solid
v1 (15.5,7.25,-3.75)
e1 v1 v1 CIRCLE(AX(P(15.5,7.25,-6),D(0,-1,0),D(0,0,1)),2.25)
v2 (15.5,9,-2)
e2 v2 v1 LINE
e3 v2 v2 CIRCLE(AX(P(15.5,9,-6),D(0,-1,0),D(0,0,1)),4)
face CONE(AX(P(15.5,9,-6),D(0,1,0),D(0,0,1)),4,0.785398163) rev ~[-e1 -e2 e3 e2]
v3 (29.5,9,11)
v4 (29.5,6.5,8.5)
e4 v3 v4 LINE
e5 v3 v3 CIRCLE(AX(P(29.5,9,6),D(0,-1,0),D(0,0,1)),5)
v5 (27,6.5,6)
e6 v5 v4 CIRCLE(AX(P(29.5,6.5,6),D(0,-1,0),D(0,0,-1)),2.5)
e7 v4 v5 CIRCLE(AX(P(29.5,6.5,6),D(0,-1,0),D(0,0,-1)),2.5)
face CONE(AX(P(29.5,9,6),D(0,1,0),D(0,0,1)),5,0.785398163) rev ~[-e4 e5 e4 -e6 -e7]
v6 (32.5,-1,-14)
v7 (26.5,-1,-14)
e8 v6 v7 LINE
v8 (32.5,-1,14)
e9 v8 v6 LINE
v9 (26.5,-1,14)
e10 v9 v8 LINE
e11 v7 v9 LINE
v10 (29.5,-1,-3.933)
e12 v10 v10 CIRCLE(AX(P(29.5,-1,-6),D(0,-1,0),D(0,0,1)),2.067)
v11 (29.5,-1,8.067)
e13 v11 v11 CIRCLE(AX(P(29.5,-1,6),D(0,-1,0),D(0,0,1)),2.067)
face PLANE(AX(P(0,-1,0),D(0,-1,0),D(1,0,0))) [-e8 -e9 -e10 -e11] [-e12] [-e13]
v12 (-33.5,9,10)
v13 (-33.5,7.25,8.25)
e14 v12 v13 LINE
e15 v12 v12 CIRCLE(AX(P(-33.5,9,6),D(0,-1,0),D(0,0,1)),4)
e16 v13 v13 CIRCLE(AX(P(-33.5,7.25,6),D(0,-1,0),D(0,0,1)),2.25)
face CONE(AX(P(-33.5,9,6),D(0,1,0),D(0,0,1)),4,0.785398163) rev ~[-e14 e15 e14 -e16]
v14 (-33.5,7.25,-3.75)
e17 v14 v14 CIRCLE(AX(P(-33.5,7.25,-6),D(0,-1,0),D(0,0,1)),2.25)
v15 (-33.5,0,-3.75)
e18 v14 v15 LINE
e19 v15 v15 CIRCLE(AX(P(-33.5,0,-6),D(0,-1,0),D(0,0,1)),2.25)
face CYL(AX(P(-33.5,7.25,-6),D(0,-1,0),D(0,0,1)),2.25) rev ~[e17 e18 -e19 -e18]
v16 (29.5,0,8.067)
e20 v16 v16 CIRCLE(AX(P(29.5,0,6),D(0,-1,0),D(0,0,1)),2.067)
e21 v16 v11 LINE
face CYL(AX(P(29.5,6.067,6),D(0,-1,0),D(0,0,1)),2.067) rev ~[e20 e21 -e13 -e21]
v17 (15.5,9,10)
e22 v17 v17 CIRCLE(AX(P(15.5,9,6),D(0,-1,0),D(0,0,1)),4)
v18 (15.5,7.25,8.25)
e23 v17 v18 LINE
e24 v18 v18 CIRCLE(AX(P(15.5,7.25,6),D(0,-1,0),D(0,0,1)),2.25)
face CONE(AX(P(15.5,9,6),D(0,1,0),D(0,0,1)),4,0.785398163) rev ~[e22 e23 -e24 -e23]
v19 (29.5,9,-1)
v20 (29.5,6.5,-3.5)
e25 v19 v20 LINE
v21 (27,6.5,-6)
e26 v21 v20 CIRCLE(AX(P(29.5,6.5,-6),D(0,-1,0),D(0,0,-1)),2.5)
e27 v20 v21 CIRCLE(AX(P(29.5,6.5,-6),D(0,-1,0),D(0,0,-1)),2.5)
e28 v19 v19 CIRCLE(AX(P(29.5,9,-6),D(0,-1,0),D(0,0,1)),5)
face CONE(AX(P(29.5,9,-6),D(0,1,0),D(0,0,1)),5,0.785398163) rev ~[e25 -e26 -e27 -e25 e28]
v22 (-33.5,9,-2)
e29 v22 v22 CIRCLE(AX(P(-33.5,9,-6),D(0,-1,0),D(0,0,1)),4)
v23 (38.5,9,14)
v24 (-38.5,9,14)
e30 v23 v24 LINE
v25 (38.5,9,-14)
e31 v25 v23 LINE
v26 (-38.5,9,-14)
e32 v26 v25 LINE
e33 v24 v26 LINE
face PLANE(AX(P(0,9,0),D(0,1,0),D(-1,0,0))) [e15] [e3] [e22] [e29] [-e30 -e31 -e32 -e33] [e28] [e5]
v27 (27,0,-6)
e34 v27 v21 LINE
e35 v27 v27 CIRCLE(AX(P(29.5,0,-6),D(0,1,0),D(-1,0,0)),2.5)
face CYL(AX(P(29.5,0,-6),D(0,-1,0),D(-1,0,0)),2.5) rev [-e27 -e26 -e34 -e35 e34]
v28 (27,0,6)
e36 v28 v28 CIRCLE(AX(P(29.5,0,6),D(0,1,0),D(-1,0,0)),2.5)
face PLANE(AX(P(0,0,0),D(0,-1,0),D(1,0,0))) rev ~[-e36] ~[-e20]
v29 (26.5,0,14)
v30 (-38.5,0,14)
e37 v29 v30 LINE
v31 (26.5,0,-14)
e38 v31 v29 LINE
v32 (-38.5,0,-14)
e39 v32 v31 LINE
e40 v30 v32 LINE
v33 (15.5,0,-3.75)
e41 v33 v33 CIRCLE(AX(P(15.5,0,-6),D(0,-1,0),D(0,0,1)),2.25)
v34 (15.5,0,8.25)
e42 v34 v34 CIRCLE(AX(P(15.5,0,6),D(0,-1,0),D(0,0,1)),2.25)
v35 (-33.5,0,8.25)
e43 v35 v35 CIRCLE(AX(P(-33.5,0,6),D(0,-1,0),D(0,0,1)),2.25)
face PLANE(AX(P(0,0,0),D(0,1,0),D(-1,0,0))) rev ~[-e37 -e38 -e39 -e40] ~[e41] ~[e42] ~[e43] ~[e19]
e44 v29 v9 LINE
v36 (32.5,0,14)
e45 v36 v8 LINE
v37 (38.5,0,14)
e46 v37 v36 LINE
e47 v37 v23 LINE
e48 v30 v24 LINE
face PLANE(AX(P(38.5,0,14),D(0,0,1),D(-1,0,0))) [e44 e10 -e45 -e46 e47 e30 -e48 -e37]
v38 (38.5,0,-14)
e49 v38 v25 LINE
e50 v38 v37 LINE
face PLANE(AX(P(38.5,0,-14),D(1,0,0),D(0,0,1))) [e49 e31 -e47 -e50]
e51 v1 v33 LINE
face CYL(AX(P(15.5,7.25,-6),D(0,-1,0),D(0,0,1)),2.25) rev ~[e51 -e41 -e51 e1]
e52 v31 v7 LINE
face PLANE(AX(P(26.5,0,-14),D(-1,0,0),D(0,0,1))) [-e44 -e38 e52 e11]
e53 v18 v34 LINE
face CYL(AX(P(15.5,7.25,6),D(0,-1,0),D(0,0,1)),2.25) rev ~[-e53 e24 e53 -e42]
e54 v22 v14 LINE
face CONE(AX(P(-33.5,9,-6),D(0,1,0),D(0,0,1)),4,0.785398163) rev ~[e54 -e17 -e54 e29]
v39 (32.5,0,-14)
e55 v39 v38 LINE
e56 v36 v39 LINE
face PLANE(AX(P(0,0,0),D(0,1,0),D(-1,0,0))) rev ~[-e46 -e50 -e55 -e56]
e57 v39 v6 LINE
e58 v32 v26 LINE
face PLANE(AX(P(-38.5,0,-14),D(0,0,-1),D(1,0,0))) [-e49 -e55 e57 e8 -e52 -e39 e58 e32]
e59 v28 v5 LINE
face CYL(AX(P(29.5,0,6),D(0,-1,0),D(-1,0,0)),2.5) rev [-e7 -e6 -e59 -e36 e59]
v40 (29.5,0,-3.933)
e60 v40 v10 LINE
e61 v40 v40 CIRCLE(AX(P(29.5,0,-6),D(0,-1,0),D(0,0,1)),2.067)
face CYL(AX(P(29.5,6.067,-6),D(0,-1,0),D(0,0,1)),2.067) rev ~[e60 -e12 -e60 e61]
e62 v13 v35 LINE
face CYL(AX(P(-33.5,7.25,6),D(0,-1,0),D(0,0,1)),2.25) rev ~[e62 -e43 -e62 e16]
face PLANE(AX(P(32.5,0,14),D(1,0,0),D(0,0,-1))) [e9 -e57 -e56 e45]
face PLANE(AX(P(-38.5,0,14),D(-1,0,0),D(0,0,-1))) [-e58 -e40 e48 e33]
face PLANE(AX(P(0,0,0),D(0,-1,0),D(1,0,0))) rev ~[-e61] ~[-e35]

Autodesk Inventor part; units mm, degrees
ref_plane "YZ Plane" through (0, 0, 0) normal (1, 0, 0) x (0, 1, 0)
ref_plane "XZ Plane" through (0, 0, 0) normal (0, 1, 0) x (-1, 0, 0)
ref_plane "XY Plane" through (0, 0, 0) normal (0, 0, 1) x (1, 0, 0)
sketch "Boceto1" plane through (0, 0, 0) normal (0, 1, 0) x (-1, 0, 0)
  line L0 (38.5, -14) -> (-38.5, -14)
  line L1 (-38.5, -14) -> (-38.5, 14)
  line L2 (-38.5, 14) -> (38.5, 14)
  line L3 (38.5, 14) -> (38.5, -14)
  circle A0 centre (-29.5, 6) radius 2.5
  circle A1 centre (-29.5, -6) radius 2.5
  point P0 (0, 0)
  point P1 (0, -14)
  point P2 (-38.5, 0)
  dimension "d0" = 5
  dimension "d1" = 9
  dimension "d2" = 77
  dimension "d3" = 28
  dimension "d17" = 8
  dimension "d18" = 5
  dimension "d19" = 12
extrude "Extrusión1" add sketch "Boceto1" along normal blind 9
sketch "Boceto2" plane through (0, 0, 0) normal (0, -1, 0) x (1, 0, 0)
  line L0 (-38.5, 14) -> (38.5, 14) projected
  line L1 (26.5, 14) -> (32.5, 14)
  line L2 (32.5, 14) -> (32.5, -14)
  line L3 (32.5, -14) -> (26.5, -14)
  line L4 (26.5, -14) -> (26.5, 14)
  line L5 (38.5, -14) -> (-38.5, -14) projected
  circle A0 centre (29.5, 6) radius 2.5 projected
  circle A1 centre (29.5, -6) radius 2.5 projected
  point P0 (0, 0)
  point P1 (29.5, 14)
  point P2 (26, 6)
  point P3 (31, 6)
  point P4 (26, -6)
  point P5 (31, -6)
  dimension "d6" = 6
extrude "Extrusión2" add sketch "Boceto2" along normal blind 1 contours L0 L2 L3 L4 | A0 | A1
sketch "Boceto3" plane through (0, 9, 0) normal (0, 1, 0) x (1, 0, 0)
  line L0 (-38.5, 14) -> (-38.5, -14) projected
  circle A0 centre (29.5, 6) radius 2.5 projected
  circle A1 centre (29.5, -6) radius 2.5 projected
  line L1 (38.5, -14) -> (38.5, 14) projected
  line L2 (38.5, 14) -> (-38.5, 14) projected
  line L3 (-38.5, -14) -> (38.5, -14) projected
  point P0 (0, 0)
  point P1 (-33.5, 6)
  point P2 (-33.5, -6)
  point P3 (15.5, -6)
  point P4 (15.5, 6)
  dimension "d9" = 5
  dimension "d25" = 14
hole "Agujero1" at (-33.5, 9, -6) at (-33.5, 9, 6) at (15.5, 9, 6) at (15.5, 9, -6) direction (0, -1, 0) diameter 4.5 end through all countersink diameter 8 countersink angle 90 clearance for "Tornillo para maquinaria de cabeza plana" size "M4" standard "Perfil M métrico ANSI"
sketch "Boceto4" plane through (0, 9, 0) normal (0, 1, 0) x (1, 0, 0)
  circle A0 centre (29.5, 6) radius 2.5 projected
  circle A1 centre (29.5, -6) radius 2.5 projected
  point P0 (0, 0)
hole "Agujero2" at (29.5, 9, -6) at (29.5, 9, 6) direction (0, -1, 0) diameter 4.134 depth 14.2 tip angle 118 countersink diameter 10 countersink angle 90 thread size "M5x0.8" class "6H" standard "ANSI Metric M Profile"
properties part number "Base sujecion centelladora"
